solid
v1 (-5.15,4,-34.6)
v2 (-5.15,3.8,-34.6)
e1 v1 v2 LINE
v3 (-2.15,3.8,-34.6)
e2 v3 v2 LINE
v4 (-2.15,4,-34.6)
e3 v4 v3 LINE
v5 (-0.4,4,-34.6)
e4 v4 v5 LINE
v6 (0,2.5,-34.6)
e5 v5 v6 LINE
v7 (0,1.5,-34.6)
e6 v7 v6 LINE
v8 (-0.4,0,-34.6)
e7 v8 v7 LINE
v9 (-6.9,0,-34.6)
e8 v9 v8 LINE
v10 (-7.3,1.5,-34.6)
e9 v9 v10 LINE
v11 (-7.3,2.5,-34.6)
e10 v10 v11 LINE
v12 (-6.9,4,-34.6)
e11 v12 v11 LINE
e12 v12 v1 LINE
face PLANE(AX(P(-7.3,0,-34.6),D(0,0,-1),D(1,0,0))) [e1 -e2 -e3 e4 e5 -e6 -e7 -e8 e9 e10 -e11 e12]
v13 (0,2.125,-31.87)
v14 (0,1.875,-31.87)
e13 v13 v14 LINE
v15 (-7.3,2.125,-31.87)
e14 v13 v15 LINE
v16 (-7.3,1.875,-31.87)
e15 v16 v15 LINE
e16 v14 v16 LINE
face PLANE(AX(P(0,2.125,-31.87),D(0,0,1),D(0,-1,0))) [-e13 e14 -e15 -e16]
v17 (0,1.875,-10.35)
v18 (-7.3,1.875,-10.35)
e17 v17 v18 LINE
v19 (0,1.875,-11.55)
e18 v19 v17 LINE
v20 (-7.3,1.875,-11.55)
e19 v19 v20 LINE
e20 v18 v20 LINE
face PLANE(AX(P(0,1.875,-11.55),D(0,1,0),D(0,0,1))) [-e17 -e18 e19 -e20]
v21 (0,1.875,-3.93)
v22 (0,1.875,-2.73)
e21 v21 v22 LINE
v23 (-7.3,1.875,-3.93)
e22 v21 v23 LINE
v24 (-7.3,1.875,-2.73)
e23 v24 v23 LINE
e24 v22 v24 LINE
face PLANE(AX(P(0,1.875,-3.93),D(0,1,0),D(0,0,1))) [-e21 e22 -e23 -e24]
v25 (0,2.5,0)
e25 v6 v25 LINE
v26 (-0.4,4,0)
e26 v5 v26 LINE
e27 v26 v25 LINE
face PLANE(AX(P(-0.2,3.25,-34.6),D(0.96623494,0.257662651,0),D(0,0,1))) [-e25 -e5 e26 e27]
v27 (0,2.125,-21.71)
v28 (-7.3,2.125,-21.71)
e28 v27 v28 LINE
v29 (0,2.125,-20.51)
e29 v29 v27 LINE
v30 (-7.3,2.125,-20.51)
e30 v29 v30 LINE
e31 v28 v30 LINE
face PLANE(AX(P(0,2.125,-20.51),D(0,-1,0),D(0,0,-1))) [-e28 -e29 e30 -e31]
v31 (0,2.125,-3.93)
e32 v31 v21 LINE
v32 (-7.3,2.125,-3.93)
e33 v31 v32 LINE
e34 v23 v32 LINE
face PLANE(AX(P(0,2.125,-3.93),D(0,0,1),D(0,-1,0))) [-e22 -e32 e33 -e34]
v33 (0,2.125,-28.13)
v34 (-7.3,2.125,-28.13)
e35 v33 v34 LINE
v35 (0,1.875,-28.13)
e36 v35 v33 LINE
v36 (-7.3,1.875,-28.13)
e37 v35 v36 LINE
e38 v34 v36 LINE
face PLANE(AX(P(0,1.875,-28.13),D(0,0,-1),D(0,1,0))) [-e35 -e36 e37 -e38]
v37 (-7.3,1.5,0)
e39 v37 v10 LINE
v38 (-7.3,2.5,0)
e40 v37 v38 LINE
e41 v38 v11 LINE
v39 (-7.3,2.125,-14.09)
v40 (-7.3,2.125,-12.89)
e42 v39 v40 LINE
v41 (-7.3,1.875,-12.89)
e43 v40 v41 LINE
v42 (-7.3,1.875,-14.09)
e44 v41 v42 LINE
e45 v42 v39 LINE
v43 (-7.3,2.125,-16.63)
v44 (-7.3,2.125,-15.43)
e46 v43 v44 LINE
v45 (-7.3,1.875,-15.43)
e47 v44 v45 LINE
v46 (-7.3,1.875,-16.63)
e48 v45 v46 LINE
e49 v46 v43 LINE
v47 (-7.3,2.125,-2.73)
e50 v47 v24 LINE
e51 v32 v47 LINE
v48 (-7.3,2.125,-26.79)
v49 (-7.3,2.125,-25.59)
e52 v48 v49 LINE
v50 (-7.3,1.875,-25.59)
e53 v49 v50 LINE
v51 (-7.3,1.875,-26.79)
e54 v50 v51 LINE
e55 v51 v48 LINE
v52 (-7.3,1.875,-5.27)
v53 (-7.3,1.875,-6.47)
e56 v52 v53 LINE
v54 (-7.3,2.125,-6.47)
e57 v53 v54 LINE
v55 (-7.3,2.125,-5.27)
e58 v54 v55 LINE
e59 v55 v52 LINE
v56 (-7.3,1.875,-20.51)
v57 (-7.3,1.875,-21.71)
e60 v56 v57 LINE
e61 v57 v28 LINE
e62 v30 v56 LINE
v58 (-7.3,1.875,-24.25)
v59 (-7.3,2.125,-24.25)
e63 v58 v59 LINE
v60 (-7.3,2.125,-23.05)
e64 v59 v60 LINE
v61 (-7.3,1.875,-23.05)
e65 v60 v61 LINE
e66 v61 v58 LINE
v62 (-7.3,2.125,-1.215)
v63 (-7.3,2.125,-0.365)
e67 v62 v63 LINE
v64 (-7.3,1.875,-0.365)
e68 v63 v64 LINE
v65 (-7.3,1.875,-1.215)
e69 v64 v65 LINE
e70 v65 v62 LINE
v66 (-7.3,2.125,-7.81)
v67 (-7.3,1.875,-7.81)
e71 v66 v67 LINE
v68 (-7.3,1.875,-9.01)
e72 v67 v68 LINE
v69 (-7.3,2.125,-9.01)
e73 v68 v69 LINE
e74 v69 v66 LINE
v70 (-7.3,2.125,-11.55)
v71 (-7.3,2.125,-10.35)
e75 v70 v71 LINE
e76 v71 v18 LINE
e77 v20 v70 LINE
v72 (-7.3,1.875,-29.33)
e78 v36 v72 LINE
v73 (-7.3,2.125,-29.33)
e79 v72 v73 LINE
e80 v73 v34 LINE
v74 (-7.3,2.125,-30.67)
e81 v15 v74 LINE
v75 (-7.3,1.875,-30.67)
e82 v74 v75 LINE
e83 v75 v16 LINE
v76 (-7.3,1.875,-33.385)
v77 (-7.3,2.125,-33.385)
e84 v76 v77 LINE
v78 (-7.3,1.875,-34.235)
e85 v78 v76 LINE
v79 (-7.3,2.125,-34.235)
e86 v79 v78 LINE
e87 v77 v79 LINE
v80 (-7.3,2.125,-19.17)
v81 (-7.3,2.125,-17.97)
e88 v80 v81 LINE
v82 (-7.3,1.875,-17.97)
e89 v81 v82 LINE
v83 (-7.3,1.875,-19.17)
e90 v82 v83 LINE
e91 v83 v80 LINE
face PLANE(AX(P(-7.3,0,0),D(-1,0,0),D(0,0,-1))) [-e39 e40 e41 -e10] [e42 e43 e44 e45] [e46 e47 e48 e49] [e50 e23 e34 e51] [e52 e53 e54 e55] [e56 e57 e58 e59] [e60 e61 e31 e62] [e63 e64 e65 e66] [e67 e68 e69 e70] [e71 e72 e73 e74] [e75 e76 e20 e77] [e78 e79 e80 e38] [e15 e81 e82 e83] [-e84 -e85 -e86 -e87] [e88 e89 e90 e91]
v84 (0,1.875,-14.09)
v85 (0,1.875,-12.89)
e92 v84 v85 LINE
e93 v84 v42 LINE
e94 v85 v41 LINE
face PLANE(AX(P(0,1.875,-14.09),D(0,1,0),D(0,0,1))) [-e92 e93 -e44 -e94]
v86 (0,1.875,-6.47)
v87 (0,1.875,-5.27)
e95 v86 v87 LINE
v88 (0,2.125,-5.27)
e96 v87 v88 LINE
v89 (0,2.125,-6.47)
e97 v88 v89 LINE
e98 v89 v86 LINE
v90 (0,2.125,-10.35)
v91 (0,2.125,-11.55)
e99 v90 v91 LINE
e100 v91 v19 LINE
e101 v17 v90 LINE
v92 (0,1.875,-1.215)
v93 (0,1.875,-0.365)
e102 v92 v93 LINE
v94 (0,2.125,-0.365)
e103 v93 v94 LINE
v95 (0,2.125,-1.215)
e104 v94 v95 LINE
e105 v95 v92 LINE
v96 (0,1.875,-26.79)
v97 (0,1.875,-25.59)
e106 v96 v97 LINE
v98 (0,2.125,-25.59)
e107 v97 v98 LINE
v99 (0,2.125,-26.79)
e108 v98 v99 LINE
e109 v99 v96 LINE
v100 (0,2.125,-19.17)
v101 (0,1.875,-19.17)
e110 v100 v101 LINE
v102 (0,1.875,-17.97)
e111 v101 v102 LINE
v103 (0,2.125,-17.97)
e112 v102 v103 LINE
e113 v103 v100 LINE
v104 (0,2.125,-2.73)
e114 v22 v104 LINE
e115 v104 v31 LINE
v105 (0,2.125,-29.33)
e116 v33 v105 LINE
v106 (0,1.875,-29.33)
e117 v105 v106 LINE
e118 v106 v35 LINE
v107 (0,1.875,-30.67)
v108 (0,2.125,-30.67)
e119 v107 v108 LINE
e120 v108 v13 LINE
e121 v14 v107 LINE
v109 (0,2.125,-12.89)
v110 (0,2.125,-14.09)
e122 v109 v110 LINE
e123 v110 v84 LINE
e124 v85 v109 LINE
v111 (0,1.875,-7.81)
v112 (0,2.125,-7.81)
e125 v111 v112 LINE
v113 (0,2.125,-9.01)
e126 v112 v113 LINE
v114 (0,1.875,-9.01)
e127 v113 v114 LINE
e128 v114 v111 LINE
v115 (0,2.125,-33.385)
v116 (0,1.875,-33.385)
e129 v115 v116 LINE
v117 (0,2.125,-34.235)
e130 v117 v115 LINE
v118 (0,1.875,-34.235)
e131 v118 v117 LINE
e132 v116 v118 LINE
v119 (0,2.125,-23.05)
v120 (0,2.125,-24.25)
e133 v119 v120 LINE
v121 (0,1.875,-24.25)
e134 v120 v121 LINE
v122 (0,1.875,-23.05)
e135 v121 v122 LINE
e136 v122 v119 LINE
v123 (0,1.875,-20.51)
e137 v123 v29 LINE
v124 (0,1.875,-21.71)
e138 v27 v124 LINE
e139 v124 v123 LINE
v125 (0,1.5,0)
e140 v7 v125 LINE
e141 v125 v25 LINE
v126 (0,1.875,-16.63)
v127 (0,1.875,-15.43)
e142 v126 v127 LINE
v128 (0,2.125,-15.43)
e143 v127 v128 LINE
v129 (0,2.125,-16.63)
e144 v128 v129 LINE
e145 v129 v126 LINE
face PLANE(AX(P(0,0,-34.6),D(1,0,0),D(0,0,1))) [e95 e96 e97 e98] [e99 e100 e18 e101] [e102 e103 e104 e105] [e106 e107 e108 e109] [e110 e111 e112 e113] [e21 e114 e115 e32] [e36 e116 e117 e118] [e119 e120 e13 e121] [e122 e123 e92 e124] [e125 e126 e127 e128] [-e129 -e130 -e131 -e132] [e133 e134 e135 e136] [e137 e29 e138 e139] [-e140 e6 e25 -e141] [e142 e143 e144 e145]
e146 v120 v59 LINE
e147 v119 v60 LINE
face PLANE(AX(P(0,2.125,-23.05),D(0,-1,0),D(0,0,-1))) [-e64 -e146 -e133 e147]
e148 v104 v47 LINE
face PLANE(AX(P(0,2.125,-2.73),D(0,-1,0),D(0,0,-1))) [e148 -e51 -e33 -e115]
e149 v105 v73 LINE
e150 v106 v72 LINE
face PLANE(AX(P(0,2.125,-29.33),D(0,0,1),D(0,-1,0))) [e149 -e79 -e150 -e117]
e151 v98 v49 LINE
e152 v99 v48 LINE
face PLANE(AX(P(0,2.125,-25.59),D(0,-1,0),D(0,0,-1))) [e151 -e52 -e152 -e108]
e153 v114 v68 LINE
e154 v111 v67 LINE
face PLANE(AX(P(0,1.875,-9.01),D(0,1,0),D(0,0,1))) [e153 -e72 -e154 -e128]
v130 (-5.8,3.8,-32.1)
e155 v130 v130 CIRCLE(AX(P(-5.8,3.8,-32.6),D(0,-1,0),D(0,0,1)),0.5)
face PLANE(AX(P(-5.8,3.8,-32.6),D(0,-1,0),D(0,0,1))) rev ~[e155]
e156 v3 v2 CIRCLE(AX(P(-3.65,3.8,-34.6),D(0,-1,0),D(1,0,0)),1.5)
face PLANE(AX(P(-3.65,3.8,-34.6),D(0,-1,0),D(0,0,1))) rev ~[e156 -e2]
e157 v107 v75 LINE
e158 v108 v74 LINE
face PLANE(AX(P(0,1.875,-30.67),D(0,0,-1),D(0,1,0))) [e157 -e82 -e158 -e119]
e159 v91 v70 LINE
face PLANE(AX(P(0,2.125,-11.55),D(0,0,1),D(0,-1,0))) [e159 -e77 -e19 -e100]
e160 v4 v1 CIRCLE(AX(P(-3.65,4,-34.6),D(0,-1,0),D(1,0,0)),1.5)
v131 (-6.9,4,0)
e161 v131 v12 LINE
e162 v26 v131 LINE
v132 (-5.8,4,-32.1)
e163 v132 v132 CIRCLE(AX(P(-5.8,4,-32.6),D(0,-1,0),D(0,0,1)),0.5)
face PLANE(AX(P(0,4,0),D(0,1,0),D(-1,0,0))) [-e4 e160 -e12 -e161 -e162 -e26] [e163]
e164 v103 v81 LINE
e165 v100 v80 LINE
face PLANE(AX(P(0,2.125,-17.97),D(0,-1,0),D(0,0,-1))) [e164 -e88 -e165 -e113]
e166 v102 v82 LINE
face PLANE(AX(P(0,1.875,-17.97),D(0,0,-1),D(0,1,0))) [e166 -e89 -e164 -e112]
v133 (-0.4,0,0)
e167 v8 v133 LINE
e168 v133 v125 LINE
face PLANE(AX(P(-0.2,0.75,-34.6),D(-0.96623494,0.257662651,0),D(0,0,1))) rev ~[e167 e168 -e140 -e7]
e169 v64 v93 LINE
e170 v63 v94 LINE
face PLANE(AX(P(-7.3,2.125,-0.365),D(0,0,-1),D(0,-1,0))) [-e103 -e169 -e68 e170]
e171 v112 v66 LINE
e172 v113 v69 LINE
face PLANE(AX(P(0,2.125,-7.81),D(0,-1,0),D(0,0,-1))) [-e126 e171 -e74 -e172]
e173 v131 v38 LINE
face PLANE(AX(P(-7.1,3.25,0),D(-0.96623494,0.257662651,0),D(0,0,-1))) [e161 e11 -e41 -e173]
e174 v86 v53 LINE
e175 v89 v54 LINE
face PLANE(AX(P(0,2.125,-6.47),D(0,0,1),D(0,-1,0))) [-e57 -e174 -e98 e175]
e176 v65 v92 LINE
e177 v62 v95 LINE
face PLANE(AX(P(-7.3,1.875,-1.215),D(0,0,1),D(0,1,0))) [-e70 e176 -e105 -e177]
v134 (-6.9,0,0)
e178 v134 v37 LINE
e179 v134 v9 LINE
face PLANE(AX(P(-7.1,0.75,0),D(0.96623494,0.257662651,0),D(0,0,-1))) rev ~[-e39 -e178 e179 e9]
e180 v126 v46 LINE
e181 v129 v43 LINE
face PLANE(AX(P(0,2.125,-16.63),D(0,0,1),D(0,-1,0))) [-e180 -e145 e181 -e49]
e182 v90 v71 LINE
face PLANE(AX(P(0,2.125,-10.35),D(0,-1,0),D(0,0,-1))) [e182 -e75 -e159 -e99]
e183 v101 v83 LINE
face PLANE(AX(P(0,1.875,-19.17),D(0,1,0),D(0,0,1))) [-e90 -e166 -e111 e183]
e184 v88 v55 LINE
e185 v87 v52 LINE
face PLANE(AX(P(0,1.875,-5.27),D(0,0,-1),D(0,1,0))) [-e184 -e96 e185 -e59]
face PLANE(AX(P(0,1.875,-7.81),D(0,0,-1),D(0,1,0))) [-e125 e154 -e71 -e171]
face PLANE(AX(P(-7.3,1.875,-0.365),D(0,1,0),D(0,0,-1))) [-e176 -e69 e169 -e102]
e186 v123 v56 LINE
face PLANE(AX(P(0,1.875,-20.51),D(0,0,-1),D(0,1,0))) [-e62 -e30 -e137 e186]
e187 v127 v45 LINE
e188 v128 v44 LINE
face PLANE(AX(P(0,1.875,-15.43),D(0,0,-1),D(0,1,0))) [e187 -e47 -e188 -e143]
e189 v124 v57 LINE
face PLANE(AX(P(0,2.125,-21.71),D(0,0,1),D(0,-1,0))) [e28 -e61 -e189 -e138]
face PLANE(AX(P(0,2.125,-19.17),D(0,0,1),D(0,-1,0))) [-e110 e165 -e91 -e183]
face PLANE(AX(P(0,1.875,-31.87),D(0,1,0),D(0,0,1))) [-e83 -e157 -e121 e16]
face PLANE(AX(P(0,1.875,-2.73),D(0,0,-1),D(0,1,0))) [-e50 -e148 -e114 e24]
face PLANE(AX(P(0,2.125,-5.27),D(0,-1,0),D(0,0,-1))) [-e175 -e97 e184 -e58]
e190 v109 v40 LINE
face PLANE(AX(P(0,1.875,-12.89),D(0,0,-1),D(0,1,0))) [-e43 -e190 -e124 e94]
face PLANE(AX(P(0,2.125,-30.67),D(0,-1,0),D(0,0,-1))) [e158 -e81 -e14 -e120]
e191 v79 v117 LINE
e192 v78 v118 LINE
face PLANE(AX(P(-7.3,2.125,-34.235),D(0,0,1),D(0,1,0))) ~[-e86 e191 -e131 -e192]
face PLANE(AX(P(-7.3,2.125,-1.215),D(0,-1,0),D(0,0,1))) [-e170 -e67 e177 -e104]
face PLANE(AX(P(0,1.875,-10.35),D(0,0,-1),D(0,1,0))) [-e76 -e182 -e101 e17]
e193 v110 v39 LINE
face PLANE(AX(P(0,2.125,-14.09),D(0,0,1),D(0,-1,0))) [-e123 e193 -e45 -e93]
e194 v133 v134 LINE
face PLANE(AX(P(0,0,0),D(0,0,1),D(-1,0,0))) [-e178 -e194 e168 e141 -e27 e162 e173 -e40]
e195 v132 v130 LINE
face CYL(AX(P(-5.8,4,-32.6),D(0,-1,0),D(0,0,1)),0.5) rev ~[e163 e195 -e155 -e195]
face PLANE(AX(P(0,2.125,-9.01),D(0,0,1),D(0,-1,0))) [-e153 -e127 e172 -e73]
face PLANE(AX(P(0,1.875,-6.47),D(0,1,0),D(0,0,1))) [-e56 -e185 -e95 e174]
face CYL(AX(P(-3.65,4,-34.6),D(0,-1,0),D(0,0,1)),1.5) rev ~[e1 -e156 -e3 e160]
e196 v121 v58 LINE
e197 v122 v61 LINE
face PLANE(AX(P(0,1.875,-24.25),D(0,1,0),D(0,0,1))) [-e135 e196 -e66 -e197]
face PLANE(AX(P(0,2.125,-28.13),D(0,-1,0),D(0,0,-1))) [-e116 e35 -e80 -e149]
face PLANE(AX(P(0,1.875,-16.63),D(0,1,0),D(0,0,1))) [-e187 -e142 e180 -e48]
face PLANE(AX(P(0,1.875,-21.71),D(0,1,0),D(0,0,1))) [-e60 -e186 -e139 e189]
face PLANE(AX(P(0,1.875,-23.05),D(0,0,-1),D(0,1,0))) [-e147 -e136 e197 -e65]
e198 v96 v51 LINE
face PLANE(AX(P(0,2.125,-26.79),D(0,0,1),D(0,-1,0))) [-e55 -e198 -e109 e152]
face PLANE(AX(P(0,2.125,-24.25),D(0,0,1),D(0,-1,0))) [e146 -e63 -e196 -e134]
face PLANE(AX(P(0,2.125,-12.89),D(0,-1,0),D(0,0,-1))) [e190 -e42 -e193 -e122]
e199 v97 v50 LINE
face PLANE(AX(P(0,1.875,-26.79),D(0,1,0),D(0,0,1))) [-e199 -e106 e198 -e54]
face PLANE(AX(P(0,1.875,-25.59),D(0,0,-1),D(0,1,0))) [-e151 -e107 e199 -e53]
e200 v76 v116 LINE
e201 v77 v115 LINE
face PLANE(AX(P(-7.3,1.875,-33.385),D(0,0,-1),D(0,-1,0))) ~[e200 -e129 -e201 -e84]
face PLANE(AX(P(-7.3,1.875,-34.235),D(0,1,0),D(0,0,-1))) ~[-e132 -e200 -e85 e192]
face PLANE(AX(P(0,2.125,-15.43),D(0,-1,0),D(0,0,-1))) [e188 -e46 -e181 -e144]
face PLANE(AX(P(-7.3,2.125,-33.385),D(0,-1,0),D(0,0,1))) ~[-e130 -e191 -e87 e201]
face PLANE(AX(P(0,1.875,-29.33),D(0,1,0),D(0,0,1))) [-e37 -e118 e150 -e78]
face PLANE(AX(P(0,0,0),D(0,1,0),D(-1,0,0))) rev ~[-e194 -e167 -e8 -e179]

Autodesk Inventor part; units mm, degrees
ref_plane "YZ Plane" through (0, 0, 0) normal (1, 0, 0) x (0, 1, 0)
ref_plane "XZ Plane" through (0, 0, 0) normal (0, 1, 0) x (-1, 0, 0)
ref_plane "XY Plane" through (0, 0, 0) normal (0, 0, 1) x (1, 0, 0)
sketch "Sketch1" plane through (0, 0, 0) normal (0, 1, 0) x (-1, 0, 0)
  line L0 (0, 0) -> (7.3, 0)
  line L1 (7.3, 0) -> (7.3, -34.6)
  line L2 (7.3, -34.6) -> (0, -34.6)
  line L3 (0, -34.6) -> (0, 0)
  dimension "d0" = 7.3
  dimension "d1" = 34.6
extrude "Extrusion1" add sketch "Sketch1" along normal blind 4
chamfer "Chamfer1" distance 0.4 distance2 1.5 1 edges at (0, 4, -17.3) measured on face at (-2.4333, 4, -11.5333)
chamfer "Chamfer2" distance 0.4 distance2 1.5 1 edges at (0, 0, -17.3) measured on face at (-2.4333, 0, -11.5333)
chamfer "Chamfer3" distance 0.4 distance2 1.5 1 edges at (-7.3, 4, -17.3) measured on face at (-2.7, 4, -11.5333)
chamfer "Chamfer4" distance 0.4 distance2 1.5 1 edges at (-7.3, 0, -17.3) measured on face at (-2.7, 0, -11.5333)
ref_plane "Work Plane1" through (-3.65, 2.5, 0) normal (1, 0, 0) x (0, 0, -1)
hole "Hole1" at (-3.65, 4, -34.6) direction (0, -1, 0) diameter 3 depth 0.2
sketch "Sketch3" plane through (0, 2.5, 0) normal (1, 0, 0) x (0, 0, -1)
  line L0 (34.6, -1) -> (34.6, 0) projected
  line L1 (34.6, -0.5) -> (0, -0.5) construction
  line L2 (0, -1) -> (0, 0) projected
  line L3 (2.73, -0.375) -> (3.93, -0.375)
  line L4 (3.93, -0.375) -> (3.93, -0.625)
  line L5 (3.93, -0.625) -> (2.73, -0.625)
  line L6 (2.73, -0.625) -> (2.73, -0.375)
  line L7 (2.73, -0.375) -> (3.93, -0.625) construction
  line L8 (3.93, -0.375) -> (2.73, -0.625) construction
  point P0 (0, -2.5)
  point P1 (17.3, -0.5)
  point P2 (3.33, -0.5)
  dimension "d30" = 13.97
  dimension "d31" = 1.2
  dimension "d32" = 0.25
extrude "Extrusion2" cut sketch "Sketch3" against normal through all
pattern_linear "Rectangular Pattern1" count 12 spacing 2.54 along (0, 0, -1) of "Extrusion2"
sketch "Sketch4" plane through (-7.3, 2.5, -34.6) normal (-1, 0, 0) x (0, 0, 1)
  line L0 (33.385, -0.375) -> (34.235, -0.375)
  line L1 (34.235, -0.375) -> (34.235, -0.625)
  line L2 (34.235, -0.625) -> (33.385, -0.625)
  line L3 (33.385, -0.625) -> (33.385, -0.375)
  line L4 (31.87, -0.375) -> (30.67, -0.375) projected
  line L5 (30.67, -0.375) -> (31.87, -0.375) projected
  point P0 (34.6, -2.5)
  point P1 (31.27, -0.375)
  point P2 (33.81, -0.375)
  dimension "d38" = 0.85
  dimension "d39" = 0.25
  dimension "d53" = 2.54
extrude "Extrusion3" cut sketch "Sketch4" against normal through all
ref_plane "Work Plane2" through (0, 1.5, -17.3) normal (0, 0, -1) x (-1, 0, 0)
mirror "Mirror2" about plane through (0, 1.5, -17.3) normal (0, 0, -1) of "Extrusion3"
sketch "Sketch5" plane through (0, 4, 0) normal (0, 1, 0) x (1, 0, 0)
  line L0 (-7.3, 0) -> (-7.3, 34.6) projected
  line L1 (-7.3, 34.6) -> (-5.8, 34.6) construction
  line L2 (-5.8, 34.6) -> (-5.8, 32.6) construction
  line L3 (-5.8, 32.6) -> (-7.3, 32.6) construction
  line L4 (-7.3, 32.6) -> (-7.3, 34.6) construction
  circle A0 centre (-5.8, 32.6) radius 0.5
  point P0 (0, 0)
  dimension "d58" = 2
  dimension "d59" = 1.5
  dimension "d60" = 1
hole "Hole2" at (-5.8, 4, -32.6) direction (0, -1, 0) diameter 1 depth 0.2
equation "\"d4\" = AtmegaChamfer_D1"
equation "\"d5\" = AtmegaChamfer_D2"
equation "\"d7\" = AtmegaChamfer_D1"
equation "\"d8\" = AtmegaChamfer_D2"
equation "\"d10\" = AtmegaChamfer_D1"
equation "\"d11\" = AtmegaChamfer_D2"
equation "\"d13\" = AtmegaChamfer_D1"
equation "\"d14\" = AtmegaChamfer_D2"
equation "\"d30\" = 0.5 * Atmega28PinsDistance - atmegaPinSpacing"
equation "\"d31\" = atmegaPinWidth1"
equation "\"d37\" = atmegaPinSpacing"
equation "\"d53\" = atmegaPinSpacing"
equation "\"AtmegaChamfer_D1\" = 0.4"
equation "\"atmegaPinDistance\" = 2.54"
equation "\"Thickness\" = 0.25"
equation "\"BendRadius\" = 0.25"
equation "\"BendReliefWidth\" = 0.25"
equation "\"BendReliefDepth\" = 0.125"
equation "\"CornerReliefSize\" = 1"
equation "\"MinimumRemnant\" = 0.5"
equation "\"TransitionRadius\" = 0.25"
equation "\"JacobiRadiusSize\" = 0.25"
equation "\"GapSize\" = 0.25"
equation "\"atmegaPinThickness\" = 0.3"
equation "\"atmegaPinWidth1\" = 1.2"
equation "\"atmegaPinWidth2\" = 0.5"
equation "\"atmegaEndPinWidth\" = 0.9"
equation "\"atmegaPinBendAngle\" = 80deg"
equation "\"atmegaPinBaseWidth\" = 8"
equation "\"atmegaSeatingPlaneDistance\" = 3.2"
equation "\"d27\" = atmegaPinBaseWidth"
equation "\"d28\" = atmegaPinWidth1"
equation "\"d29\" = 0.25"
equation "\"d40\" = BendReliefWidth"
equation "\"d41\" = BendReliefDepth"
equation "\"d42\" = MinimumRemnant"
equation "\"d43\" = TransitionRadius"
equation "\"d45\" = 90deg"
equation "\"d46\" = BendRadius"
equation "\"d47\" = CornerReliefSize"
equation "\"d48\" = GapSize"
equation "\"d49\" = JacobiRadiusSize"
equation "\"d50\" = Thickness"
equation "\"d51\" = 0"
equation "\"d52\" = atmegaSeatingPlaneDistance"
equation "\"d54\" = 0.5 * atmegaPinWidth2"
equation "\"d56\" = 2.5"
equation "\"d44\" = atmegaPinLenght"
equation "\"Atmega28PinsDistance\" = 13 * atmegaPinSpacing"
equation "\"atmegaPinSpacing\" = 2.54"
equation "\"AtmegaChamfer_D2\" = 1.5"
equation "\"atmegaPinLenght\" = 5.7"
properties part number "atmega_mold"
